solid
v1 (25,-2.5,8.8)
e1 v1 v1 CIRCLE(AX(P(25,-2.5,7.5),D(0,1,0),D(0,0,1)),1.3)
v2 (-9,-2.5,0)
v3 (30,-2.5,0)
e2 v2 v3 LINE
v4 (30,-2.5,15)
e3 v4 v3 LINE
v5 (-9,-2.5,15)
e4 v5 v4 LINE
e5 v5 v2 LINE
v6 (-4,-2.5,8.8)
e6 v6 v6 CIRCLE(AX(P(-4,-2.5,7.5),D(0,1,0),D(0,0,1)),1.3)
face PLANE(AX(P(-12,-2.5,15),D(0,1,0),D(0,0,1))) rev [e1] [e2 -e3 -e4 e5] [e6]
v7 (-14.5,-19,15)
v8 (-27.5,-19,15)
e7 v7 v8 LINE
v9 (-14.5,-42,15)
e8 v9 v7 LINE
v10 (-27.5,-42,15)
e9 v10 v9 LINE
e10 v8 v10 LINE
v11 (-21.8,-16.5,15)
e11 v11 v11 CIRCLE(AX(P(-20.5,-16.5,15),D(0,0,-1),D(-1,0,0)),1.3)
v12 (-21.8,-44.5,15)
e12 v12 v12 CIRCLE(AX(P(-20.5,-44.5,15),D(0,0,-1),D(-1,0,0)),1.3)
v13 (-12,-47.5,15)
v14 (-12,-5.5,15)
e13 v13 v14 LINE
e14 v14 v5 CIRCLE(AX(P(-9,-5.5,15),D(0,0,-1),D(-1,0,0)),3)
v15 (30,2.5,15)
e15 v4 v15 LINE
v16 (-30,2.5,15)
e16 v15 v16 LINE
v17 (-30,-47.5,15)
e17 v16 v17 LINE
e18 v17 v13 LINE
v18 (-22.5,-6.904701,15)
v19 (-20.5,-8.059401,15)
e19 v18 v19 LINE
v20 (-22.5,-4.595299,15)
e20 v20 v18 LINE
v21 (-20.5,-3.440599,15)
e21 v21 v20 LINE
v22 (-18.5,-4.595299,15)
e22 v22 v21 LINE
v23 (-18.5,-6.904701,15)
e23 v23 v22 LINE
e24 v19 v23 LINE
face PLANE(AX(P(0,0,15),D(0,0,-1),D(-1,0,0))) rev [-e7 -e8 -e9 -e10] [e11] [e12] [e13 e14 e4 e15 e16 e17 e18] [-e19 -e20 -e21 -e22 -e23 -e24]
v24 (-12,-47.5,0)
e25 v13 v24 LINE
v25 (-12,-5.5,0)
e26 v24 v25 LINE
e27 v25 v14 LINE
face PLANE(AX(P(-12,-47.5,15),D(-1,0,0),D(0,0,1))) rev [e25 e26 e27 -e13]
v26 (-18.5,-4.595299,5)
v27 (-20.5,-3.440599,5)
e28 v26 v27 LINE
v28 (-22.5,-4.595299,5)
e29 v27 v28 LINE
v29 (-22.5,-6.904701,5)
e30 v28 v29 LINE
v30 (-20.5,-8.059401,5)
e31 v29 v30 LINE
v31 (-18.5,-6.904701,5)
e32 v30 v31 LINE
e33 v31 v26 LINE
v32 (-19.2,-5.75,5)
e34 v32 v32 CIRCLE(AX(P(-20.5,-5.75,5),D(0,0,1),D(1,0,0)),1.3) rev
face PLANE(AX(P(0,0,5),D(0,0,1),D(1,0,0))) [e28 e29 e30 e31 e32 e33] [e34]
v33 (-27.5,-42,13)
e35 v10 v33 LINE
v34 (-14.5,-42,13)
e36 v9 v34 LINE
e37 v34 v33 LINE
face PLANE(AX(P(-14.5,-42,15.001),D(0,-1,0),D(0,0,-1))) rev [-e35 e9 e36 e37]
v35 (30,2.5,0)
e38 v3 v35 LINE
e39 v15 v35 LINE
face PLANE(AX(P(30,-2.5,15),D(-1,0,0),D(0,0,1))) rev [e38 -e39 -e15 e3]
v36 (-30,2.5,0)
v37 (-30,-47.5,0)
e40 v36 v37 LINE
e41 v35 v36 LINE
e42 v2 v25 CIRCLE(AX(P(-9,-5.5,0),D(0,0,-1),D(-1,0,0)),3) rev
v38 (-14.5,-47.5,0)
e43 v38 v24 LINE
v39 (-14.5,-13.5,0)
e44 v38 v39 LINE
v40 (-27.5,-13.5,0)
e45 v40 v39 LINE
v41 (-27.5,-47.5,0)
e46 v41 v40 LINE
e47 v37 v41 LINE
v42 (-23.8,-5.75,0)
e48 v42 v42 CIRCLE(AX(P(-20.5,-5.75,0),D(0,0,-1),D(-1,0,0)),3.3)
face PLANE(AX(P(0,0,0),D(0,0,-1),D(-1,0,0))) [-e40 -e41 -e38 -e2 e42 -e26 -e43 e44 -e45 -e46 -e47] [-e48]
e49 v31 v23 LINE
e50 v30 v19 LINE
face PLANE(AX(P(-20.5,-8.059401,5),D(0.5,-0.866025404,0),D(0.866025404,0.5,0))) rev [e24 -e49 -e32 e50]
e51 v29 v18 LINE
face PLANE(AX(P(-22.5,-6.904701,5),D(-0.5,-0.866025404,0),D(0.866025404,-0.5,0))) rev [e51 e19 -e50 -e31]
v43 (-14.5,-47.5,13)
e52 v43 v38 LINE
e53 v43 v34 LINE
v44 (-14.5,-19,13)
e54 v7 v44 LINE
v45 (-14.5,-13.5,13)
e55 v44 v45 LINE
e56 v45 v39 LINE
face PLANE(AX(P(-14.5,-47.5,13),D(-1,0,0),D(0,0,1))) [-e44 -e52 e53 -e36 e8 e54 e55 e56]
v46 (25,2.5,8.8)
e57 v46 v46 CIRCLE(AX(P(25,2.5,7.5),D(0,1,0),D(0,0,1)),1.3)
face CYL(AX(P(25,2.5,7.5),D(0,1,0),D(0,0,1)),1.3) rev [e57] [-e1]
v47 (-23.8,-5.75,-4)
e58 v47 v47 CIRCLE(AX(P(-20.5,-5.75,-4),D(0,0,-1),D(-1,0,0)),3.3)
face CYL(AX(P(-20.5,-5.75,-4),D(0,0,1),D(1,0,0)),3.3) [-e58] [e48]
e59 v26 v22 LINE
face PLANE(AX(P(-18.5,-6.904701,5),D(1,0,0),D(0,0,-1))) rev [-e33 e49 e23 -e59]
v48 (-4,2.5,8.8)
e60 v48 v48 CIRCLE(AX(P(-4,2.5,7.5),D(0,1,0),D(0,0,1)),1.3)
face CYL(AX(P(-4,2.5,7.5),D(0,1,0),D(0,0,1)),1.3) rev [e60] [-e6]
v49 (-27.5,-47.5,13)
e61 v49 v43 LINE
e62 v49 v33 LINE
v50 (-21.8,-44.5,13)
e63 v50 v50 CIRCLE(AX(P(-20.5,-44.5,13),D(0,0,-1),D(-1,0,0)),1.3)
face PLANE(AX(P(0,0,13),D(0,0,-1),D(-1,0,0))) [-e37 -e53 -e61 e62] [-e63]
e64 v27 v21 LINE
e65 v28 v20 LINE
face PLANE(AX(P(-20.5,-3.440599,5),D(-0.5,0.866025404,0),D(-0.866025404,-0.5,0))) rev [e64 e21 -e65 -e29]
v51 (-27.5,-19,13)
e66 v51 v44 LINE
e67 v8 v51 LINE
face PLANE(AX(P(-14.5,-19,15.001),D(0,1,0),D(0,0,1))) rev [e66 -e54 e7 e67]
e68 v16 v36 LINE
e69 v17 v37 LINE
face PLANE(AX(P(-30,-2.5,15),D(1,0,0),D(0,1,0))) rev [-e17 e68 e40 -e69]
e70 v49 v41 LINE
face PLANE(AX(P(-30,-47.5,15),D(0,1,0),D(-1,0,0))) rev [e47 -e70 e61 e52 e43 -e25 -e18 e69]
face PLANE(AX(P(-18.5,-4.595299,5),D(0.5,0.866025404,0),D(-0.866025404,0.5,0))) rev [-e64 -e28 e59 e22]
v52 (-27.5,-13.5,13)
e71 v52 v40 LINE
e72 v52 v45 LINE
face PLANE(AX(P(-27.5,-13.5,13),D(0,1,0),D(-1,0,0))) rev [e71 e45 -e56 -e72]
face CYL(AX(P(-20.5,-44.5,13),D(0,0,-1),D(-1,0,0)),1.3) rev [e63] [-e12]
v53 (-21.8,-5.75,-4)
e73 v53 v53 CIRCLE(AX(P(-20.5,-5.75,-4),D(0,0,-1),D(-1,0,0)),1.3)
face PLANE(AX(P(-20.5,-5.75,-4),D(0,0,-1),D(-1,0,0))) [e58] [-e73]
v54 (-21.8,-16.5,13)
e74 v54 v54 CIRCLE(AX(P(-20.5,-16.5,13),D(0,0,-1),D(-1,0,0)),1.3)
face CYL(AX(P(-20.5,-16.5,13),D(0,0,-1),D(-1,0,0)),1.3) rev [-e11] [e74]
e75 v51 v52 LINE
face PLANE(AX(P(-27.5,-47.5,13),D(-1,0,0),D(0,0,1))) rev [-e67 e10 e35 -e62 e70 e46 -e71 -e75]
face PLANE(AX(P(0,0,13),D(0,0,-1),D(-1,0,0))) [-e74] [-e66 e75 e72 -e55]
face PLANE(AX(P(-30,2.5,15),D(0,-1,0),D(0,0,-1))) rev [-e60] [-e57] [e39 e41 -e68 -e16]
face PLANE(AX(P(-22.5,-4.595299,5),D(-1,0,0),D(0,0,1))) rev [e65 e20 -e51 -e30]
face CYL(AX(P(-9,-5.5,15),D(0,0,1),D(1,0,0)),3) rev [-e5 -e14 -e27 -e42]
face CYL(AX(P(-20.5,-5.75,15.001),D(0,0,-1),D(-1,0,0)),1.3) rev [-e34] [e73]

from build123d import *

# Parameters (mm, degrees)
DODANIE_WYCI_GNI_CIE1_DEPTH = 15
OTW_R_POD_RUB_M21_D         = 2.6
OTW_R_POD_RUB_M21_DEPTH     = 5
SZKIC7_W                    = 13
SZKIC7_H                    = 34
WYTNIJ_WYCI_GNI_CIE2_DEPTH  = 13
WYTNIJ_WYCI_GNI_CIE3_REACH  = 4
SZKIC8_W                    = 13
SZKIC8_H                    = 23
OTW_R_POD_RUB_M22_D         = 2.6
OTW_R_POD_RUB_M22_DEPTH     = 2
SZKIC13_R                   = 3.3
DODANIE_WYCI_GNI_CIE2_DEPTH = 4
WYTNIJ_WYCI_GNI_CIE4_REACH  = 21
SZKIC11_R                   = 1.3
WYTNIJ_WYCI_GNI_CIE5_DEPTH  = 10
ZAOKR_GLENIE1_R             = 3


with BuildPart() as part:
    # Szkic1 → Dodanie-wyciągnięcie1 (new body)
    with BuildSketch(Plane.XY):
        Polygon((-30, -2.5), (-30, 2.5), (30, 2.5), (30, -2.5), (-12, -2.5), (-12, -47.5), (-30, -47.5), align=None)
    extrude(amount=DODANIE_WYCI_GNI_CIE1_DEPTH)

    # Otwór pod śrubę M21
    with Locations(Plane(origin=(0, 2.5, 0), x_dir=(-1, 0, 0), z_dir=(0, 1, 0))):
        with Locations((-25, 7.5), (4, 7.5)):
            Hole(OTW_R_POD_RUB_M21_D / 2, depth=OTW_R_POD_RUB_M21_DEPTH)

    # Szkic7 → Wytnij-wyciągnięcie2 (cut)
    with BuildSketch(Plane(origin=(0, 0, 0), x_dir=(-1, 0, 0), z_dir=(0, 0, -1))):
        with Locations((21, -30.5)):
            Rectangle(SZKIC7_W, SZKIC7_H)
    extrude(amount=-WYTNIJ_WYCI_GNI_CIE2_DEPTH, mode=Mode.SUBTRACT)

    # Szkic8 → Wytnij-wyciągnięcie3 (cut, up to next)
    with BuildSketch(Plane(origin=(0, 0, 13), x_dir=(-1, 0, 0), z_dir=(0, 0, -1)), mode=Mode.PRIVATE) as wytnij_wyci_gni_cie3_sk1:
        with Locations((21, -30.5)):
            Rectangle(SZKIC8_W, SZKIC8_H)
    wytnij_wyci_gni_cie3_tool1 = extrude(wytnij_wyci_gni_cie3_sk1.sketch, amount=-WYTNIJ_WYCI_GNI_CIE3_REACH, mode=Mode.PRIVATE) & part.part
    add(wytnij_wyci_gni_cie3_tool1.solids().sort_by_distance((-21, -30.5, 13))[0], mode=Mode.SUBTRACT)

    # Otwór pod śrubę M22
    with Locations(Plane(origin=(0, 0, 13), x_dir=(-1, 0, 0), z_dir=(0, 0, -1))):
        with Locations((20.5, -16.5), (20.5, -44.5)):
            Hole(OTW_R_POD_RUB_M22_D / 2, depth=OTW_R_POD_RUB_M22_DEPTH)

    # Szkic13 → Dodanie-wyciągnięcie2 (add)
    with BuildSketch(Plane(origin=(0, 0, 0), x_dir=(-1, 0, 0), z_dir=(0, 0, -1))):
        with Locations((20.5, -5.75)):
            Circle(SZKIC13_R)
    extrude(amount=DODANIE_WYCI_GNI_CIE2_DEPTH)

    # Szkic11 → Wytnij-wyciągnięcie4 (cut, up to next)
    with BuildSketch(Plane(origin=(0, 0, -4), x_dir=(-1, 0, 0), z_dir=(0, 0, -1)), mode=Mode.PRIVATE) as wytnij_wyci_gni_cie4_sk1:
        with Locations((20.5, -5.75)):
            Circle(SZKIC11_R)
    wytnij_wyci_gni_cie4_tool1 = extrude(wytnij_wyci_gni_cie4_sk1.sketch, amount=-WYTNIJ_WYCI_GNI_CIE4_REACH, mode=Mode.PRIVATE) & part.part
    add(wytnij_wyci_gni_cie4_tool1.solids().sort_by_distance((-20.5, -5.75, -4))[0], mode=Mode.SUBTRACT)

    # Szkic12 → Wytnij-wyciągnięcie5 (cut)
    with BuildSketch(Plane.XY.offset(15)):
        Polygon((-18.5, -6.904700538), (-18.5, -4.595299462), (-20.5, -3.440598923), (-22.5, -4.595299462), (-22.5, -6.904700538), (-20.5, -8.059401077), align=None)
    extrude(amount=-WYTNIJ_WYCI_GNI_CIE5_DEPTH, mode=Mode.SUBTRACT)

    # Zaokrąglenie1
    zaokr_glenie1_edges = [part.edges().sort_by_distance(p)[0] for p in [
        (-12, -2.5, 7.5),
    ]]
    fillet(zaokr_glenie1_edges, radius=ZAOKR_GLENIE1_R)


solid = part.part
